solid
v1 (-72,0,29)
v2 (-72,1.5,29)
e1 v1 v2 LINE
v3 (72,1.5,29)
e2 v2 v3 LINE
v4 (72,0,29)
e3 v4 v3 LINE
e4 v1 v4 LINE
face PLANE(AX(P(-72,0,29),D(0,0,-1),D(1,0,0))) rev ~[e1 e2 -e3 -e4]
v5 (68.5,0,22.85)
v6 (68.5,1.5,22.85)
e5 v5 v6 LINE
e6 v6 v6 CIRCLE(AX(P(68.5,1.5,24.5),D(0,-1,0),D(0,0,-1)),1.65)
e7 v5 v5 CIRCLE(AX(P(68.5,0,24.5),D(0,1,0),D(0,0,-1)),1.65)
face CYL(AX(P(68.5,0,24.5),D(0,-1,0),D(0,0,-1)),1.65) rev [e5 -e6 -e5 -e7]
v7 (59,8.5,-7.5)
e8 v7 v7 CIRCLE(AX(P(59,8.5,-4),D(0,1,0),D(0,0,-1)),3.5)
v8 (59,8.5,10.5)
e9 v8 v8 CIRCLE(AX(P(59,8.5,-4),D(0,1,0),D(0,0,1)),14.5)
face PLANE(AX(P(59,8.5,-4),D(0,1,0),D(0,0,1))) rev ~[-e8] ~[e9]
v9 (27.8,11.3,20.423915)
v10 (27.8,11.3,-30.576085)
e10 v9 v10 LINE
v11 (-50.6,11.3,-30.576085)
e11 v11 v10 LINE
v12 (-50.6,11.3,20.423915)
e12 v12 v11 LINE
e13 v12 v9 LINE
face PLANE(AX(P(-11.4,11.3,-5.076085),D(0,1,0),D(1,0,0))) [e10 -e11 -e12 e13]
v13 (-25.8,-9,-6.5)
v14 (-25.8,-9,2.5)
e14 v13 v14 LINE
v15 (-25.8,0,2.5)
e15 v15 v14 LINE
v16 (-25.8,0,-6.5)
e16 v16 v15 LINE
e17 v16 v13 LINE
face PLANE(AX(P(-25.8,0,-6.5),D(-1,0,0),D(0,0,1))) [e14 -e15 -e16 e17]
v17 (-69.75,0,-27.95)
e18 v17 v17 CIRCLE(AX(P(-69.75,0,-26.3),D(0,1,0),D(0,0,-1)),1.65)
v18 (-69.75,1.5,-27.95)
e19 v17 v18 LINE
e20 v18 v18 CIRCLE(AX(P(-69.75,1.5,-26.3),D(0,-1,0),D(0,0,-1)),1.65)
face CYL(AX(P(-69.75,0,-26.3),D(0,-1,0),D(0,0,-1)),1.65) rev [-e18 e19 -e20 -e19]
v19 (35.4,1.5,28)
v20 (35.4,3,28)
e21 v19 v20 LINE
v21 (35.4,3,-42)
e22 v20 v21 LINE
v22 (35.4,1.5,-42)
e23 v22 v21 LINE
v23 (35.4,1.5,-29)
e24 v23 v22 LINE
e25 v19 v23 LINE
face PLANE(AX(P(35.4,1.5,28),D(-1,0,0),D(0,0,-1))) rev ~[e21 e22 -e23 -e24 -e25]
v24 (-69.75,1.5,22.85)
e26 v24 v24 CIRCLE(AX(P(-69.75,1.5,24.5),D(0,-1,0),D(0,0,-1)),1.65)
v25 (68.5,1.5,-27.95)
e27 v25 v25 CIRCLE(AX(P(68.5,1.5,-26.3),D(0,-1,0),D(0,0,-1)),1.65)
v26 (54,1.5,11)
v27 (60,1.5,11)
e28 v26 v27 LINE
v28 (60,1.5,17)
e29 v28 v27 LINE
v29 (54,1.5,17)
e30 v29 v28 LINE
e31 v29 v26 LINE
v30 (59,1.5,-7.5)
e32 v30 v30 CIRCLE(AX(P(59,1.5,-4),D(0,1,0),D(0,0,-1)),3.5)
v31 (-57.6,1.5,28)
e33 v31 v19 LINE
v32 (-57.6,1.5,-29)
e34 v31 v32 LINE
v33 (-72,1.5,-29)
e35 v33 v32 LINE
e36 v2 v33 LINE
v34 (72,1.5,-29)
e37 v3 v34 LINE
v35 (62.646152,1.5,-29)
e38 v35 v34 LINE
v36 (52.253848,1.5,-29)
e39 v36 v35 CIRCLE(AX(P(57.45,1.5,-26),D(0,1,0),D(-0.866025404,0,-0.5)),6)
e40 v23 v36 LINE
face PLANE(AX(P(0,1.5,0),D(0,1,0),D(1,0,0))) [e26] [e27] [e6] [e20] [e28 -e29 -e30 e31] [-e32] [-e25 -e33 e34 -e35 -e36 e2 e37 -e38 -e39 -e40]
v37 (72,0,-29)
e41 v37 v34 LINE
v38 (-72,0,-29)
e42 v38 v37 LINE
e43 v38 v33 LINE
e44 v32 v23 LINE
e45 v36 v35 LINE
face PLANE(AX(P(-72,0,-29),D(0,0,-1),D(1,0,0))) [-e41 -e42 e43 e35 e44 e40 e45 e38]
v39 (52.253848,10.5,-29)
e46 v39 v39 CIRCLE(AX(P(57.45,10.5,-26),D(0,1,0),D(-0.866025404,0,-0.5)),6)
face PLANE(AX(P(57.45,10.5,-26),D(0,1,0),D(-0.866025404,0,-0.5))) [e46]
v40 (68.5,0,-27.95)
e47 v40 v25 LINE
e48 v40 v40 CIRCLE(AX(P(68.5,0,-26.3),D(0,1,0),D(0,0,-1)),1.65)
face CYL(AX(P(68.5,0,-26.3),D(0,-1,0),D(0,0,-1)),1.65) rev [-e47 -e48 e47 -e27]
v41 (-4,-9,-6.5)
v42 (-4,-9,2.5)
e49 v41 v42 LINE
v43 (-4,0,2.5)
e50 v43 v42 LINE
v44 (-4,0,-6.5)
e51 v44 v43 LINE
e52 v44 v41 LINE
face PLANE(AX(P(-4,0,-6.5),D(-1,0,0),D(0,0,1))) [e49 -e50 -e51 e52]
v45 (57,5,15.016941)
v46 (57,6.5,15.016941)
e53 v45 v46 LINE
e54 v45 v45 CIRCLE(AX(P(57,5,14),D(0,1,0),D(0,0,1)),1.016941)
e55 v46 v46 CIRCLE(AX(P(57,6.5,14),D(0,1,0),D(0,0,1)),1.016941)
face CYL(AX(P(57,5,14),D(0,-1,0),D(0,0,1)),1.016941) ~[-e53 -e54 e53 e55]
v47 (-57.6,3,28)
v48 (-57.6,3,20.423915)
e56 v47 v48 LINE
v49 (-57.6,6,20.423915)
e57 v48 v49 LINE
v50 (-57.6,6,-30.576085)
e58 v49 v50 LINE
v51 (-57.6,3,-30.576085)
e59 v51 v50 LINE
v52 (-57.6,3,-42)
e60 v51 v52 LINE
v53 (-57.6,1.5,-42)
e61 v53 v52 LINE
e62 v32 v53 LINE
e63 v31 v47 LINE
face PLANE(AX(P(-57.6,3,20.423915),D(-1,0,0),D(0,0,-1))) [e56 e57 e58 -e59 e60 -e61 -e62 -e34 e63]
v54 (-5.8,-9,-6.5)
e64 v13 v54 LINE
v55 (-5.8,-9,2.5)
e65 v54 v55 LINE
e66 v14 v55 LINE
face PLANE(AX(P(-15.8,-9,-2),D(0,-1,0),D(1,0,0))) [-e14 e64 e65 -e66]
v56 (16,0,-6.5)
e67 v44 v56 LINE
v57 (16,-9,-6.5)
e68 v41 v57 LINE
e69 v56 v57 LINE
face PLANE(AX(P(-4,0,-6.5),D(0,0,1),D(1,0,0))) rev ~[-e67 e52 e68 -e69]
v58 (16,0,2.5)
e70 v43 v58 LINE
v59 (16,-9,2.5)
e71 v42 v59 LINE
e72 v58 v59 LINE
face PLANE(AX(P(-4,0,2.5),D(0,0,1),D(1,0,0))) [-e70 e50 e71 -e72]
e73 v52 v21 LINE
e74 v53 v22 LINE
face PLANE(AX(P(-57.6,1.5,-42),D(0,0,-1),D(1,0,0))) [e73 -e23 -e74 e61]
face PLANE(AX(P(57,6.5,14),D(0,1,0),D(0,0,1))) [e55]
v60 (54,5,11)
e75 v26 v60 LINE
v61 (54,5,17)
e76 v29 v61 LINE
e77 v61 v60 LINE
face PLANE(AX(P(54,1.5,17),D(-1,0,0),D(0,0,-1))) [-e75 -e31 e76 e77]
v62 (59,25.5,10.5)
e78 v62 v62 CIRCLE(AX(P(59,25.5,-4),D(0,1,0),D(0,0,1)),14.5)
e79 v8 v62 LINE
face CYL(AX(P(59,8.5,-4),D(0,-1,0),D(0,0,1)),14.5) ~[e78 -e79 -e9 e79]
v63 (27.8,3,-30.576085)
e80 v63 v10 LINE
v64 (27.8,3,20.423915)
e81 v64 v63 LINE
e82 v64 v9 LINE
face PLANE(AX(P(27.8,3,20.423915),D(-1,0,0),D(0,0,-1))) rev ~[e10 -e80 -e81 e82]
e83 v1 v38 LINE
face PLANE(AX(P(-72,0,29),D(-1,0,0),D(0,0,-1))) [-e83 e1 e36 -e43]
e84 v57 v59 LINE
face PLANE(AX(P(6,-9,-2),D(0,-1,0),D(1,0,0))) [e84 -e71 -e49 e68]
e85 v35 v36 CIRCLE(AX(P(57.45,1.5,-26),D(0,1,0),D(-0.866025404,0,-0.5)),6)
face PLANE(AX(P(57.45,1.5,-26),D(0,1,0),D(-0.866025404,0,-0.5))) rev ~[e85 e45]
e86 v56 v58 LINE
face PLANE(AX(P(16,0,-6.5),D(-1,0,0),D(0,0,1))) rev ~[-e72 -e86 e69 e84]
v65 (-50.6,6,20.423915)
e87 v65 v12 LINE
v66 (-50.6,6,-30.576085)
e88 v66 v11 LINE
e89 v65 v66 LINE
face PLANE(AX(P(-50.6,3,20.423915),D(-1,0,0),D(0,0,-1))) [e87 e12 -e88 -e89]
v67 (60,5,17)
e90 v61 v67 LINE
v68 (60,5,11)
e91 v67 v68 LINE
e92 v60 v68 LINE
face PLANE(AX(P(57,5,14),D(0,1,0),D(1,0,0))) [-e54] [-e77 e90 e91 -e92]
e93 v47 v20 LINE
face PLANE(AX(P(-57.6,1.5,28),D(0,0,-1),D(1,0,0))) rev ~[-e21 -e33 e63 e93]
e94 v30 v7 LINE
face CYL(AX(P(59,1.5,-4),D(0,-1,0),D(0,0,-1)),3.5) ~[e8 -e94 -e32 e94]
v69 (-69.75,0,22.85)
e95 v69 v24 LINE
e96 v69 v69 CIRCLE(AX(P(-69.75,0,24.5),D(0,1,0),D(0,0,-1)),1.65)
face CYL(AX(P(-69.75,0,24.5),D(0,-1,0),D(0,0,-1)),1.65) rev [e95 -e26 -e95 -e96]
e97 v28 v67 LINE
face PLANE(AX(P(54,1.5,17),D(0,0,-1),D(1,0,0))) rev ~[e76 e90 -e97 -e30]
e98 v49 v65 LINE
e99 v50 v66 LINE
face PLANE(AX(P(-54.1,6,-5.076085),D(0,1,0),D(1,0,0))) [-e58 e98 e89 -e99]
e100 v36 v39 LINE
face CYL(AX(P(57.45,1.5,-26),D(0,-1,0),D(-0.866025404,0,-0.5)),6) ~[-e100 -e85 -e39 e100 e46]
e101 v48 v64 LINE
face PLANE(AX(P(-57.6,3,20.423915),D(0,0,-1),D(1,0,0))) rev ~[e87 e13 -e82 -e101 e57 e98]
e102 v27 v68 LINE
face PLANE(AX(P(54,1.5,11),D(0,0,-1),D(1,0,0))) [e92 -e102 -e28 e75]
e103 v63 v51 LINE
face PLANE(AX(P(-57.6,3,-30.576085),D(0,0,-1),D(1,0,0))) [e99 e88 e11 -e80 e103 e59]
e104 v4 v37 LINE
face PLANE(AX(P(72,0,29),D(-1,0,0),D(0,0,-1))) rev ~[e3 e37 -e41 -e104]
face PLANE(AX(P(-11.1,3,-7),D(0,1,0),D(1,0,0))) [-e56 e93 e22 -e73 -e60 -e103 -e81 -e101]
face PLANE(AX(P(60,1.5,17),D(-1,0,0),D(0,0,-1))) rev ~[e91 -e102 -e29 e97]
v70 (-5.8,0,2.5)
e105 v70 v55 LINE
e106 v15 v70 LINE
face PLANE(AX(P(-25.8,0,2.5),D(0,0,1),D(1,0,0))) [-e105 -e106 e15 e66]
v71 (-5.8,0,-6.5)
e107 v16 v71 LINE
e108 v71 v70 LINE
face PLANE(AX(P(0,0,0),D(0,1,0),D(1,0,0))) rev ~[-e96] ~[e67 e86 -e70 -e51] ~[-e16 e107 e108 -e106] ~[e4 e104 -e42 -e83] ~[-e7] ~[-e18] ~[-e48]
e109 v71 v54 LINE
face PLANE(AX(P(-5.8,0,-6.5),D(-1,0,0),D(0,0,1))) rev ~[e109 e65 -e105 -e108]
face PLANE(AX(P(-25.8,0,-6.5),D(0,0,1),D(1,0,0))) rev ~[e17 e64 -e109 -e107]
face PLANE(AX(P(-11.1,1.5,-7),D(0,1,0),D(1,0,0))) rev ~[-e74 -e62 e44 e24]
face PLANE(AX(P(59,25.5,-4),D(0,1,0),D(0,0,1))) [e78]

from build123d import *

# Parameters (mm, degrees)
SKETCH1_W            = 144
SKETCH1_H            = 58
BOSS_EXTRUDE2_DEPTH  = 1.5
SKETCH2_W            = 93
SKETCH2_H            = 70
BOSS_EXTRUDE3_DEPTH  = 1.5
SKETCH3_W            = 78.4
SKETCH3_H            = 51
BOSS_EXTRUDE4_DEPTH  = 8.3
SKETCH4_W            = 7
SKETCH4_H            = 51
BOSS_EXTRUDE5_DEPTH  = 3
SKETCH5_R            = 3.5
BOSS_EXTRUDE6_DEPTH  = 7
SKETCH6_R            = 14.5
BOSS_EXTRUDE7_DEPTH  = 17
SKETCH8_R            = 6
BOSS_EXTRUDE8_DEPTH  = 9
SKETCH9_W            = 6
SKETCH9_H            = 6
BOSS_EXTRUDE9_DEPTH  = 3.5
SKETCH10_R           = 1.016941324
BOSS_EXTRUDE10_DEPTH = 1.5
SKETCH11_W           = 20
SKETCH11_H           = 9
BOSS_EXTRUDE11_DEPTH = 9
SKETCH12_R           = 1.65
CUT_EXTRUDE2_DEPTH   = 10


with BuildPart() as part:
    # Sketch1 → Boss-Extrude2 (new body)
    with BuildSketch(Plane(origin=(0, 0, 0), x_dir=(1, 0, 0), z_dir=(0, 1, 0))):
        Rectangle(SKETCH1_W, SKETCH1_H)
    extrude(amount=BOSS_EXTRUDE2_DEPTH)

    # Sketch2 → Boss-Extrude3 (add)
    with BuildSketch(Plane(origin=(0, 1.5, 0), x_dir=(1, 0, 0), z_dir=(0, 1, 0))):
        with Locations((-11.1, 7)):
            Rectangle(SKETCH2_W, SKETCH2_H)
    extrude(amount=BOSS_EXTRUDE3_DEPTH)

    # Sketch3 → Boss-Extrude4 (add)
    with BuildSketch(Plane(origin=(0, 3, 0), x_dir=(1, 0, 0), z_dir=(0, 1, 0))):
        with Locations((-11.4, 5.076084889)):
            Rectangle(SKETCH3_W, SKETCH3_H)
    extrude(amount=BOSS_EXTRUDE4_DEPTH)

    # Sketch4 → Boss-Extrude5 (add)
    with BuildSketch(Plane(origin=(0, 3, 0), x_dir=(1, 0, 0), z_dir=(0, 1, 0))):
        with Locations((-54.1, 5.076084889)):
            Rectangle(SKETCH4_W, SKETCH4_H)
    extrude(amount=BOSS_EXTRUDE5_DEPTH)

    # Sketch5 → Boss-Extrude6 (add)
    with BuildSketch(Plane(origin=(0, 1.5, 0), x_dir=(1, 0, 0), z_dir=(0, 1, 0))):
        with Locations(Location((59, 4, 0), (0, 0, 90))):
            Circle(SKETCH5_R)
    extrude(amount=BOSS_EXTRUDE6_DEPTH)

    # Sketch6 → Boss-Extrude7 (add)
    with BuildSketch(Plane(origin=(0, 8.5, 0), x_dir=(1, 0, 0), z_dir=(0, 1, 0))):
        with Locations(Location((59, 4, 0), (0, 0, 270))):
            Circle(SKETCH6_R)
    extrude(amount=BOSS_EXTRUDE7_DEPTH)

    # Sketch8 → Boss-Extrude8 (add)
    with BuildSketch(Plane(origin=(0, 1.5, 0), x_dir=(1, 0, 0), z_dir=(0, 1, 0))):
        with Locations(Location((57.45, 26, 0), (0, 0, 150))):
            Circle(SKETCH8_R)
    extrude(amount=BOSS_EXTRUDE8_DEPTH)

    # Sketch9 → Boss-Extrude9 (add)
    with BuildSketch(Plane(origin=(0, 1.5, 0), x_dir=(1, 0, 0), z_dir=(0, 1, 0))):
        with Locations((57, -14)):
            Rectangle(SKETCH9_W, SKETCH9_H)
    extrude(amount=BOSS_EXTRUDE9_DEPTH)

    # Sketch10 → Boss-Extrude10 (add)
    with BuildSketch(Plane(origin=(0, 5, 0), x_dir=(1, 0, 0), z_dir=(0, 1, 0))):
        with Locations(Location((57, -14, 0), (0, 0, 270))):
            Circle(SKETCH10_R)
    extrude(amount=BOSS_EXTRUDE10_DEPTH)

    # Sketch11 → Boss-Extrude11 (add)
    with BuildSketch(Plane.XZ):
        with Locations((6, -2)):
            Rectangle(SKETCH11_W, SKETCH11_H)
        with Locations((-15.8, -2)):
            Rectangle(SKETCH11_W, SKETCH11_H)
    extrude(amount=BOSS_EXTRUDE11_DEPTH)

    # Sketch12 → Cut-Extrude2 (cut)
    with BuildSketch(Plane(origin=(0, 0, 0), x_dir=(1, 0, 0), z_dir=(0, 1, 0))):
        with Locations(Location((68.5, 26.3, 0), (0, 0, 90))):
            Circle(SKETCH12_R)
        with Locations(Location((68.5, -24.5, 0), (0, 0, 90))):
            Circle(SKETCH12_R)
        with Locations(Location((-69.75, 26.3, 0), (0, 0, 90))):
            Circle(SKETCH12_R)
        with Locations(Location((-69.75, -24.5, 0), (0, 0, 90))):
            Circle(SKETCH12_R)
    extrude(amount=CUT_EXTRUDE2_DEPTH, mode=Mode.SUBTRACT)


solid = part.part
